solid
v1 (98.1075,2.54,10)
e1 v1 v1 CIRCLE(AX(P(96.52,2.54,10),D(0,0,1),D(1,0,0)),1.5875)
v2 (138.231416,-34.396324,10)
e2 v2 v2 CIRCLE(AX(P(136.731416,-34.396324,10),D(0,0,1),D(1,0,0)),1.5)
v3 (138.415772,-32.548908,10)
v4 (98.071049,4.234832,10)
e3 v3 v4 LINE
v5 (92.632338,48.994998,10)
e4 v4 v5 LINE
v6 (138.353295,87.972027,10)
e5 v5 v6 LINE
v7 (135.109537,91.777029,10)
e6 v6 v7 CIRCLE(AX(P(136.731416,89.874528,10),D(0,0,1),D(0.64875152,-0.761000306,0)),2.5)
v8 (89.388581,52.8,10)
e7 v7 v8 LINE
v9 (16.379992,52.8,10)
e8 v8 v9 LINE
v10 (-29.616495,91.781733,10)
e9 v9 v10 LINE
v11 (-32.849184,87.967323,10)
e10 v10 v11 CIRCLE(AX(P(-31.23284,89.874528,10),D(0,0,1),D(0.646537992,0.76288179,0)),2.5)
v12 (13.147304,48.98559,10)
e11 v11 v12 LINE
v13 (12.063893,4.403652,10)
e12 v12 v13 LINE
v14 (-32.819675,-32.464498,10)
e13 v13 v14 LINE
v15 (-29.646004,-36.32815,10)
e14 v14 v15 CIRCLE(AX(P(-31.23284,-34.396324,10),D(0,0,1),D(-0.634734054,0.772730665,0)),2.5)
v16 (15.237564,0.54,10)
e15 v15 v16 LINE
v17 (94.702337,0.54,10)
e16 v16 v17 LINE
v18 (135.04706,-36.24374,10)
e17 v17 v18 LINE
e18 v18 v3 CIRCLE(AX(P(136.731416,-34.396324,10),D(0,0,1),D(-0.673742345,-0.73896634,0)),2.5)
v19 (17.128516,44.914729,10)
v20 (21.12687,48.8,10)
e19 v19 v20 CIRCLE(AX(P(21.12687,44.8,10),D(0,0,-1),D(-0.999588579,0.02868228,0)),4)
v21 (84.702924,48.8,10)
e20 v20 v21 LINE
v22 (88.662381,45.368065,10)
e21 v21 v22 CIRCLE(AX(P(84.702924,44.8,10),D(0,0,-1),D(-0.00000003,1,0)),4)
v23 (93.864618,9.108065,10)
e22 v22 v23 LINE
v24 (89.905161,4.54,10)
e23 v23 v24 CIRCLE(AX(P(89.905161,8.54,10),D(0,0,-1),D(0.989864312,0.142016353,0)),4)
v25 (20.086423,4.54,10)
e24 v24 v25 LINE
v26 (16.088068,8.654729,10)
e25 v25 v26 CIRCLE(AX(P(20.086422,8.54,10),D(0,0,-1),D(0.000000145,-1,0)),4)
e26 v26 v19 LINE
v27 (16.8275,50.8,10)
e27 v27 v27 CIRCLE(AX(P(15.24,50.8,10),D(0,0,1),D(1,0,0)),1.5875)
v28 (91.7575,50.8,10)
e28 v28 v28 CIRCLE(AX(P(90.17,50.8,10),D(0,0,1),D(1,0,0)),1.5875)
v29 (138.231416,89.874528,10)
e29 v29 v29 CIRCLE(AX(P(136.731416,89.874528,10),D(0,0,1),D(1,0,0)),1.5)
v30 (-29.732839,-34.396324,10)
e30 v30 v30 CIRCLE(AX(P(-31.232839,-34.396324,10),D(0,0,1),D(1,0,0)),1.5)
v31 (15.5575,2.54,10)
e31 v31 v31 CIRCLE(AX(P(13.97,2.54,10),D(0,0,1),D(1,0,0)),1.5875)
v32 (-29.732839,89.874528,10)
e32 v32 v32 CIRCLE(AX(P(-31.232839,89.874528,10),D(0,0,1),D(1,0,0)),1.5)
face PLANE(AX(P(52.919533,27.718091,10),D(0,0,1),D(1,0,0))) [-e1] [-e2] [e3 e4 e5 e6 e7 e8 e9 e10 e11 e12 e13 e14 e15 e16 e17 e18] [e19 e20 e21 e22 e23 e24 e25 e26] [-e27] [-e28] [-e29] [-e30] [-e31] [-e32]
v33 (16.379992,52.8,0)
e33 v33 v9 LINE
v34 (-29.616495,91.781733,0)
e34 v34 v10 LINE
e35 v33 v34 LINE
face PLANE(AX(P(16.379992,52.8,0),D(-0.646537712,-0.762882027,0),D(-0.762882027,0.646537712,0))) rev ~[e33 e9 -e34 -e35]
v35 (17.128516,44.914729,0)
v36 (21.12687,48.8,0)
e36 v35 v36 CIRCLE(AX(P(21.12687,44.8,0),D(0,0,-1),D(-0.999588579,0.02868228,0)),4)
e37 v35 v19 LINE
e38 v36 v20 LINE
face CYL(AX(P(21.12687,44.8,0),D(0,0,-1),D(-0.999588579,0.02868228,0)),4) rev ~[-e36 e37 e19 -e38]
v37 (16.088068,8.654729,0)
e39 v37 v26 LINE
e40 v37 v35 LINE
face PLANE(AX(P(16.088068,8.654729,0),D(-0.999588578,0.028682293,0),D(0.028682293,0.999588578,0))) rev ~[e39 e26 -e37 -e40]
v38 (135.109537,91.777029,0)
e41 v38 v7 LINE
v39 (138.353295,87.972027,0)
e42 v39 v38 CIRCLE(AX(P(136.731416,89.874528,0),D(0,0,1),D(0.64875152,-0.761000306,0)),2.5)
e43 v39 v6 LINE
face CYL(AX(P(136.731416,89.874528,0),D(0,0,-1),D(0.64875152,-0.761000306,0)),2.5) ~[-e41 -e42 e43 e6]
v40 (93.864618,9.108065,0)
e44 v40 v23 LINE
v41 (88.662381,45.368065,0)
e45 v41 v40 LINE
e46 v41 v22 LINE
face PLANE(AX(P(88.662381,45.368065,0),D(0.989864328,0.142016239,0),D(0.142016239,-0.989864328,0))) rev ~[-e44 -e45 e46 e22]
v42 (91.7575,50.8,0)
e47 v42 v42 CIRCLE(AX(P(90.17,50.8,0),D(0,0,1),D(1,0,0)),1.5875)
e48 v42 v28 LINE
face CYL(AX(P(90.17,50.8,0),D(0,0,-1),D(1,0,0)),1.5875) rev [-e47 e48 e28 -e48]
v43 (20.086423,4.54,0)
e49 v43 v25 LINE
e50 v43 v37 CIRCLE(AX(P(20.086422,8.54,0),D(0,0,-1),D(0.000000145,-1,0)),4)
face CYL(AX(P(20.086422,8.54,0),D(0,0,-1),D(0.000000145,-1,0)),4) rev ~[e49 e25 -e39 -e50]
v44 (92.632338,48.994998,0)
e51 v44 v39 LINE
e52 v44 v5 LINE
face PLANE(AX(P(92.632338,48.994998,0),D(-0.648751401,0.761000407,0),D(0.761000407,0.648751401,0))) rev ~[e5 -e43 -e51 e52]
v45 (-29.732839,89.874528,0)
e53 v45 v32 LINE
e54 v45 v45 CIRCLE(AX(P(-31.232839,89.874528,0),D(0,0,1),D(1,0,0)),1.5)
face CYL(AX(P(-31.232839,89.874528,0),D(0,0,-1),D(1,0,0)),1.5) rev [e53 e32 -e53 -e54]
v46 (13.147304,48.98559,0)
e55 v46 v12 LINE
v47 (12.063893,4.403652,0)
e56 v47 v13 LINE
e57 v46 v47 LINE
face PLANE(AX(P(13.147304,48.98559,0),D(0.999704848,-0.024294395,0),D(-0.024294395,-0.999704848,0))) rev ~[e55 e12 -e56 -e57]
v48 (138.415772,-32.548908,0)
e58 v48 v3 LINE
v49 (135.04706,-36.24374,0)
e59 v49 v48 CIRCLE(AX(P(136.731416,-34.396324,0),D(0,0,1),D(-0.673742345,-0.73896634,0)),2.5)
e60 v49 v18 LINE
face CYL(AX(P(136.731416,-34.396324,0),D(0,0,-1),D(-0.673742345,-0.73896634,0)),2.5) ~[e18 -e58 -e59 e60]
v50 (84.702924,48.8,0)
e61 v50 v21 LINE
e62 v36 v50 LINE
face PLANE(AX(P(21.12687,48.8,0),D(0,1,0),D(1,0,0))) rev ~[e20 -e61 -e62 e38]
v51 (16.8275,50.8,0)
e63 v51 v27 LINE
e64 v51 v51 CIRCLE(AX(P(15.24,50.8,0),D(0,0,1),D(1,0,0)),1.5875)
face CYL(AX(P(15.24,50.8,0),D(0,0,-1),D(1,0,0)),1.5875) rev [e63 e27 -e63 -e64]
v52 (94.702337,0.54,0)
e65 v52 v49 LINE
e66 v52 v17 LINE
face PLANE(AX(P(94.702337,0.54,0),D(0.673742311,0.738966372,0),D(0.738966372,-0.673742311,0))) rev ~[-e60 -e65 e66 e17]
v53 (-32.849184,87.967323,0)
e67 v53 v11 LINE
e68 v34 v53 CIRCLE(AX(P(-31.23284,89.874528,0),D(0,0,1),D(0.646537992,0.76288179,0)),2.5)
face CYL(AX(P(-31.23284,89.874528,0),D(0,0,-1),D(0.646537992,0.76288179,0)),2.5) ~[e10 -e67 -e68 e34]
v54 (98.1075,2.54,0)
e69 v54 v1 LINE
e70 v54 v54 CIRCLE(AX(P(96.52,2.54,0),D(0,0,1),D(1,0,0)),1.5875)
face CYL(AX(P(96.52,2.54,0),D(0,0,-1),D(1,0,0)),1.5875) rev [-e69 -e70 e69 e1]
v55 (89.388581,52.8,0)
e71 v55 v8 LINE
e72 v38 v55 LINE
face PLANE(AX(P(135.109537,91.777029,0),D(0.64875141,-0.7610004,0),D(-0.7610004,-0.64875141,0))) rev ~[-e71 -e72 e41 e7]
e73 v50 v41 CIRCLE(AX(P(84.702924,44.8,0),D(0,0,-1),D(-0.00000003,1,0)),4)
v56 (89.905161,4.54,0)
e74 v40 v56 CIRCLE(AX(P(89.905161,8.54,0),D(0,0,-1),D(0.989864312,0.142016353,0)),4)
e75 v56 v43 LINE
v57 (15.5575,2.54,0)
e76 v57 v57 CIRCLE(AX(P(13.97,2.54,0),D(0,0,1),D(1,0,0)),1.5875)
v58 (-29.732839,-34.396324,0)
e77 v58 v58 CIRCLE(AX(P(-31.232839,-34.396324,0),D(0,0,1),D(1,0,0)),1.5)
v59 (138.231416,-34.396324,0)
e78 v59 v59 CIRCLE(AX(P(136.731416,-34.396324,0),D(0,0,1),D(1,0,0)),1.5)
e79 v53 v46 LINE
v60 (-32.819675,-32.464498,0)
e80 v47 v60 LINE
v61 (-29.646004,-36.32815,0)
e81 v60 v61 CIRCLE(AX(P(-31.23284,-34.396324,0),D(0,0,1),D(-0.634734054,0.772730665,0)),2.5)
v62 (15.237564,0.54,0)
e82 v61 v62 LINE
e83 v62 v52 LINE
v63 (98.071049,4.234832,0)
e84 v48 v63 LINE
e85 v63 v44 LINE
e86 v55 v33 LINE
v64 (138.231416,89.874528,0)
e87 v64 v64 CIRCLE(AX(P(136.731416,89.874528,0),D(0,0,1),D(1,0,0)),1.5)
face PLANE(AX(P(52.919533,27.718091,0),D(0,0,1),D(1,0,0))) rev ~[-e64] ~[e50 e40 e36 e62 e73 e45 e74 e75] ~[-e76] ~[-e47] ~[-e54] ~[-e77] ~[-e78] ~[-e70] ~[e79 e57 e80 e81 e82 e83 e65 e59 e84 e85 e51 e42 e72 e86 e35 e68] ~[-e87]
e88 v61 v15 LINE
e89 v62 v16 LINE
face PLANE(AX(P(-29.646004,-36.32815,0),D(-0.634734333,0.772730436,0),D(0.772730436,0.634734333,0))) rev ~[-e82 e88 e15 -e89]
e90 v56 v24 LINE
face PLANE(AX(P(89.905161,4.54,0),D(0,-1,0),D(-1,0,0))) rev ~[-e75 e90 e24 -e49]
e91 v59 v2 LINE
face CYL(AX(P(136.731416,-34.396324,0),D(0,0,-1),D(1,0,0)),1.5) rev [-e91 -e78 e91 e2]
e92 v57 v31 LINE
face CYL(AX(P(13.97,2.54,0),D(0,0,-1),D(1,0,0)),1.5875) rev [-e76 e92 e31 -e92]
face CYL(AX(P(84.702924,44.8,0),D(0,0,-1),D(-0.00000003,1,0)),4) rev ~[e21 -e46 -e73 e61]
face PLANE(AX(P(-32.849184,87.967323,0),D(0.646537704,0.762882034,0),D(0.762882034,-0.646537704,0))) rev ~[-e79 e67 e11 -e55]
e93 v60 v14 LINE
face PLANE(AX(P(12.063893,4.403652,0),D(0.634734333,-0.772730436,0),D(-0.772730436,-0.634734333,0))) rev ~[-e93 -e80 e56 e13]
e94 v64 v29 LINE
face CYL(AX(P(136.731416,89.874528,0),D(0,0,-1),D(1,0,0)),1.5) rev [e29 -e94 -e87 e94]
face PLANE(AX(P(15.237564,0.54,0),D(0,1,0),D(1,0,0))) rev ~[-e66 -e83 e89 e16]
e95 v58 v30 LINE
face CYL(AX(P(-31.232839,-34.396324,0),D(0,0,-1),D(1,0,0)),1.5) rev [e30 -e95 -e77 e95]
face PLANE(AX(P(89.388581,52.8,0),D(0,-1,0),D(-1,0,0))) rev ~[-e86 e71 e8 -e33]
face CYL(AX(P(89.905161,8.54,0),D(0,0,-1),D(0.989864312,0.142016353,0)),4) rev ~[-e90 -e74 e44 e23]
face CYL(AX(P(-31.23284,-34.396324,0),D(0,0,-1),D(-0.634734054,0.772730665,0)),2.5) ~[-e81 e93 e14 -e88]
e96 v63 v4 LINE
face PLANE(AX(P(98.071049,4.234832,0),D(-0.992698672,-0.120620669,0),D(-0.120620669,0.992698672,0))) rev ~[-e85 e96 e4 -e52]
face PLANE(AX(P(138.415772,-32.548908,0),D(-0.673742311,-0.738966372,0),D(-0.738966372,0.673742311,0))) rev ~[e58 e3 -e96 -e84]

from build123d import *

# Parameters (mm, degrees)
F0_R     = 1.5
F0_R_2   = 1.5875
F1_DEPTH = 10


with BuildPart() as f1:
    # F0 (on Top) → F1 (new body)
    with BuildSketch(Plane.XY):
        with BuildLine():
            Line((-32.849184, 87.967323), (13.147304, 48.98559))
            Line((13.147304, 48.98559), (12.063893, 4.403652))
            Line((12.063893, 4.403652), (-32.819675, -32.464498))
            ThreePointArc((-32.819675, -32.464498), (-33.164666, -35.98316), (-29.646004, -36.32815))
            Line((-29.646004, -36.32815), (15.237564, 0.54))
            Line((15.237564, 0.54), (94.702337, 0.54))
            Line((94.702337, 0.54), (135.04706, -36.24374))
            ThreePointArc((135.04706, -36.24374), (138.578832, -36.08068), (138.415772, -32.548908))
            Line((138.415772, -32.548908), (98.071049, 4.234832))
            Line((98.071049, 4.234832), (92.632338, 48.994998))
            Line((92.632338, 48.994998), (138.353295, 87.972027))
            ThreePointArc((138.353295, 87.972027), (138.633917, 91.496407), (135.109537, 91.777029))
            Line((135.109537, 91.777029), (89.388581, 52.8))
            Line((89.388581, 52.8), (16.379992, 52.8))
            Line((16.379992, 52.8), (-29.616495, 91.781733))
            ThreePointArc((-29.616495, 91.781733), (-33.140045, 91.490873), (-32.849184, 87.967323))
        make_face()
        with Locations((-31.232839, -34.396324)):
            Circle(F0_R, mode=Mode.SUBTRACT)
        with Locations((13.97, 2.54)):
            Circle(F0_R_2, mode=Mode.SUBTRACT)
        with Locations((136.731416, -34.396324)):
            Circle(F0_R, mode=Mode.SUBTRACT)
        with BuildLine():
            ThreePointArc((17.128516, 44.914729), (18.339301, 47.668703), (21.12687, 48.8))
            Line((21.12687, 48.8), (84.702924, 48.8))
            ThreePointArc((84.702924, 48.8), (87.322823, 47.822603), (88.662381, 45.368065))
            Line((88.662381, 45.368065), (93.864618, 9.108065))
            ThreePointArc((93.864618, 9.108065), (92.927764, 5.920101), (89.905161, 4.54))
            Line((89.905161, 4.54), (20.086423, 4.54))
            ThreePointArc((20.086423, 4.54), (17.217719, 5.752431), (16.088068, 8.654729))
            Line((16.088068, 8.654729), (17.128516, 44.914729))
        make_face(mode=Mode.SUBTRACT)
        with Locations((96.52, 2.54)):
            Circle(F0_R_2, mode=Mode.SUBTRACT)
        with Locations((15.24, 50.8)):
            Circle(F0_R_2, mode=Mode.SUBTRACT)
        with Locations((-31.232839, 89.874528)):
            Circle(F0_R, mode=Mode.SUBTRACT)
        with Locations((90.17, 50.8)):
            Circle(F0_R_2, mode=Mode.SUBTRACT)
        with Locations((136.731416, 89.874528)):
            Circle(F0_R, mode=Mode.SUBTRACT)
    extrude(amount=F1_DEPTH)


solid = f1.part
